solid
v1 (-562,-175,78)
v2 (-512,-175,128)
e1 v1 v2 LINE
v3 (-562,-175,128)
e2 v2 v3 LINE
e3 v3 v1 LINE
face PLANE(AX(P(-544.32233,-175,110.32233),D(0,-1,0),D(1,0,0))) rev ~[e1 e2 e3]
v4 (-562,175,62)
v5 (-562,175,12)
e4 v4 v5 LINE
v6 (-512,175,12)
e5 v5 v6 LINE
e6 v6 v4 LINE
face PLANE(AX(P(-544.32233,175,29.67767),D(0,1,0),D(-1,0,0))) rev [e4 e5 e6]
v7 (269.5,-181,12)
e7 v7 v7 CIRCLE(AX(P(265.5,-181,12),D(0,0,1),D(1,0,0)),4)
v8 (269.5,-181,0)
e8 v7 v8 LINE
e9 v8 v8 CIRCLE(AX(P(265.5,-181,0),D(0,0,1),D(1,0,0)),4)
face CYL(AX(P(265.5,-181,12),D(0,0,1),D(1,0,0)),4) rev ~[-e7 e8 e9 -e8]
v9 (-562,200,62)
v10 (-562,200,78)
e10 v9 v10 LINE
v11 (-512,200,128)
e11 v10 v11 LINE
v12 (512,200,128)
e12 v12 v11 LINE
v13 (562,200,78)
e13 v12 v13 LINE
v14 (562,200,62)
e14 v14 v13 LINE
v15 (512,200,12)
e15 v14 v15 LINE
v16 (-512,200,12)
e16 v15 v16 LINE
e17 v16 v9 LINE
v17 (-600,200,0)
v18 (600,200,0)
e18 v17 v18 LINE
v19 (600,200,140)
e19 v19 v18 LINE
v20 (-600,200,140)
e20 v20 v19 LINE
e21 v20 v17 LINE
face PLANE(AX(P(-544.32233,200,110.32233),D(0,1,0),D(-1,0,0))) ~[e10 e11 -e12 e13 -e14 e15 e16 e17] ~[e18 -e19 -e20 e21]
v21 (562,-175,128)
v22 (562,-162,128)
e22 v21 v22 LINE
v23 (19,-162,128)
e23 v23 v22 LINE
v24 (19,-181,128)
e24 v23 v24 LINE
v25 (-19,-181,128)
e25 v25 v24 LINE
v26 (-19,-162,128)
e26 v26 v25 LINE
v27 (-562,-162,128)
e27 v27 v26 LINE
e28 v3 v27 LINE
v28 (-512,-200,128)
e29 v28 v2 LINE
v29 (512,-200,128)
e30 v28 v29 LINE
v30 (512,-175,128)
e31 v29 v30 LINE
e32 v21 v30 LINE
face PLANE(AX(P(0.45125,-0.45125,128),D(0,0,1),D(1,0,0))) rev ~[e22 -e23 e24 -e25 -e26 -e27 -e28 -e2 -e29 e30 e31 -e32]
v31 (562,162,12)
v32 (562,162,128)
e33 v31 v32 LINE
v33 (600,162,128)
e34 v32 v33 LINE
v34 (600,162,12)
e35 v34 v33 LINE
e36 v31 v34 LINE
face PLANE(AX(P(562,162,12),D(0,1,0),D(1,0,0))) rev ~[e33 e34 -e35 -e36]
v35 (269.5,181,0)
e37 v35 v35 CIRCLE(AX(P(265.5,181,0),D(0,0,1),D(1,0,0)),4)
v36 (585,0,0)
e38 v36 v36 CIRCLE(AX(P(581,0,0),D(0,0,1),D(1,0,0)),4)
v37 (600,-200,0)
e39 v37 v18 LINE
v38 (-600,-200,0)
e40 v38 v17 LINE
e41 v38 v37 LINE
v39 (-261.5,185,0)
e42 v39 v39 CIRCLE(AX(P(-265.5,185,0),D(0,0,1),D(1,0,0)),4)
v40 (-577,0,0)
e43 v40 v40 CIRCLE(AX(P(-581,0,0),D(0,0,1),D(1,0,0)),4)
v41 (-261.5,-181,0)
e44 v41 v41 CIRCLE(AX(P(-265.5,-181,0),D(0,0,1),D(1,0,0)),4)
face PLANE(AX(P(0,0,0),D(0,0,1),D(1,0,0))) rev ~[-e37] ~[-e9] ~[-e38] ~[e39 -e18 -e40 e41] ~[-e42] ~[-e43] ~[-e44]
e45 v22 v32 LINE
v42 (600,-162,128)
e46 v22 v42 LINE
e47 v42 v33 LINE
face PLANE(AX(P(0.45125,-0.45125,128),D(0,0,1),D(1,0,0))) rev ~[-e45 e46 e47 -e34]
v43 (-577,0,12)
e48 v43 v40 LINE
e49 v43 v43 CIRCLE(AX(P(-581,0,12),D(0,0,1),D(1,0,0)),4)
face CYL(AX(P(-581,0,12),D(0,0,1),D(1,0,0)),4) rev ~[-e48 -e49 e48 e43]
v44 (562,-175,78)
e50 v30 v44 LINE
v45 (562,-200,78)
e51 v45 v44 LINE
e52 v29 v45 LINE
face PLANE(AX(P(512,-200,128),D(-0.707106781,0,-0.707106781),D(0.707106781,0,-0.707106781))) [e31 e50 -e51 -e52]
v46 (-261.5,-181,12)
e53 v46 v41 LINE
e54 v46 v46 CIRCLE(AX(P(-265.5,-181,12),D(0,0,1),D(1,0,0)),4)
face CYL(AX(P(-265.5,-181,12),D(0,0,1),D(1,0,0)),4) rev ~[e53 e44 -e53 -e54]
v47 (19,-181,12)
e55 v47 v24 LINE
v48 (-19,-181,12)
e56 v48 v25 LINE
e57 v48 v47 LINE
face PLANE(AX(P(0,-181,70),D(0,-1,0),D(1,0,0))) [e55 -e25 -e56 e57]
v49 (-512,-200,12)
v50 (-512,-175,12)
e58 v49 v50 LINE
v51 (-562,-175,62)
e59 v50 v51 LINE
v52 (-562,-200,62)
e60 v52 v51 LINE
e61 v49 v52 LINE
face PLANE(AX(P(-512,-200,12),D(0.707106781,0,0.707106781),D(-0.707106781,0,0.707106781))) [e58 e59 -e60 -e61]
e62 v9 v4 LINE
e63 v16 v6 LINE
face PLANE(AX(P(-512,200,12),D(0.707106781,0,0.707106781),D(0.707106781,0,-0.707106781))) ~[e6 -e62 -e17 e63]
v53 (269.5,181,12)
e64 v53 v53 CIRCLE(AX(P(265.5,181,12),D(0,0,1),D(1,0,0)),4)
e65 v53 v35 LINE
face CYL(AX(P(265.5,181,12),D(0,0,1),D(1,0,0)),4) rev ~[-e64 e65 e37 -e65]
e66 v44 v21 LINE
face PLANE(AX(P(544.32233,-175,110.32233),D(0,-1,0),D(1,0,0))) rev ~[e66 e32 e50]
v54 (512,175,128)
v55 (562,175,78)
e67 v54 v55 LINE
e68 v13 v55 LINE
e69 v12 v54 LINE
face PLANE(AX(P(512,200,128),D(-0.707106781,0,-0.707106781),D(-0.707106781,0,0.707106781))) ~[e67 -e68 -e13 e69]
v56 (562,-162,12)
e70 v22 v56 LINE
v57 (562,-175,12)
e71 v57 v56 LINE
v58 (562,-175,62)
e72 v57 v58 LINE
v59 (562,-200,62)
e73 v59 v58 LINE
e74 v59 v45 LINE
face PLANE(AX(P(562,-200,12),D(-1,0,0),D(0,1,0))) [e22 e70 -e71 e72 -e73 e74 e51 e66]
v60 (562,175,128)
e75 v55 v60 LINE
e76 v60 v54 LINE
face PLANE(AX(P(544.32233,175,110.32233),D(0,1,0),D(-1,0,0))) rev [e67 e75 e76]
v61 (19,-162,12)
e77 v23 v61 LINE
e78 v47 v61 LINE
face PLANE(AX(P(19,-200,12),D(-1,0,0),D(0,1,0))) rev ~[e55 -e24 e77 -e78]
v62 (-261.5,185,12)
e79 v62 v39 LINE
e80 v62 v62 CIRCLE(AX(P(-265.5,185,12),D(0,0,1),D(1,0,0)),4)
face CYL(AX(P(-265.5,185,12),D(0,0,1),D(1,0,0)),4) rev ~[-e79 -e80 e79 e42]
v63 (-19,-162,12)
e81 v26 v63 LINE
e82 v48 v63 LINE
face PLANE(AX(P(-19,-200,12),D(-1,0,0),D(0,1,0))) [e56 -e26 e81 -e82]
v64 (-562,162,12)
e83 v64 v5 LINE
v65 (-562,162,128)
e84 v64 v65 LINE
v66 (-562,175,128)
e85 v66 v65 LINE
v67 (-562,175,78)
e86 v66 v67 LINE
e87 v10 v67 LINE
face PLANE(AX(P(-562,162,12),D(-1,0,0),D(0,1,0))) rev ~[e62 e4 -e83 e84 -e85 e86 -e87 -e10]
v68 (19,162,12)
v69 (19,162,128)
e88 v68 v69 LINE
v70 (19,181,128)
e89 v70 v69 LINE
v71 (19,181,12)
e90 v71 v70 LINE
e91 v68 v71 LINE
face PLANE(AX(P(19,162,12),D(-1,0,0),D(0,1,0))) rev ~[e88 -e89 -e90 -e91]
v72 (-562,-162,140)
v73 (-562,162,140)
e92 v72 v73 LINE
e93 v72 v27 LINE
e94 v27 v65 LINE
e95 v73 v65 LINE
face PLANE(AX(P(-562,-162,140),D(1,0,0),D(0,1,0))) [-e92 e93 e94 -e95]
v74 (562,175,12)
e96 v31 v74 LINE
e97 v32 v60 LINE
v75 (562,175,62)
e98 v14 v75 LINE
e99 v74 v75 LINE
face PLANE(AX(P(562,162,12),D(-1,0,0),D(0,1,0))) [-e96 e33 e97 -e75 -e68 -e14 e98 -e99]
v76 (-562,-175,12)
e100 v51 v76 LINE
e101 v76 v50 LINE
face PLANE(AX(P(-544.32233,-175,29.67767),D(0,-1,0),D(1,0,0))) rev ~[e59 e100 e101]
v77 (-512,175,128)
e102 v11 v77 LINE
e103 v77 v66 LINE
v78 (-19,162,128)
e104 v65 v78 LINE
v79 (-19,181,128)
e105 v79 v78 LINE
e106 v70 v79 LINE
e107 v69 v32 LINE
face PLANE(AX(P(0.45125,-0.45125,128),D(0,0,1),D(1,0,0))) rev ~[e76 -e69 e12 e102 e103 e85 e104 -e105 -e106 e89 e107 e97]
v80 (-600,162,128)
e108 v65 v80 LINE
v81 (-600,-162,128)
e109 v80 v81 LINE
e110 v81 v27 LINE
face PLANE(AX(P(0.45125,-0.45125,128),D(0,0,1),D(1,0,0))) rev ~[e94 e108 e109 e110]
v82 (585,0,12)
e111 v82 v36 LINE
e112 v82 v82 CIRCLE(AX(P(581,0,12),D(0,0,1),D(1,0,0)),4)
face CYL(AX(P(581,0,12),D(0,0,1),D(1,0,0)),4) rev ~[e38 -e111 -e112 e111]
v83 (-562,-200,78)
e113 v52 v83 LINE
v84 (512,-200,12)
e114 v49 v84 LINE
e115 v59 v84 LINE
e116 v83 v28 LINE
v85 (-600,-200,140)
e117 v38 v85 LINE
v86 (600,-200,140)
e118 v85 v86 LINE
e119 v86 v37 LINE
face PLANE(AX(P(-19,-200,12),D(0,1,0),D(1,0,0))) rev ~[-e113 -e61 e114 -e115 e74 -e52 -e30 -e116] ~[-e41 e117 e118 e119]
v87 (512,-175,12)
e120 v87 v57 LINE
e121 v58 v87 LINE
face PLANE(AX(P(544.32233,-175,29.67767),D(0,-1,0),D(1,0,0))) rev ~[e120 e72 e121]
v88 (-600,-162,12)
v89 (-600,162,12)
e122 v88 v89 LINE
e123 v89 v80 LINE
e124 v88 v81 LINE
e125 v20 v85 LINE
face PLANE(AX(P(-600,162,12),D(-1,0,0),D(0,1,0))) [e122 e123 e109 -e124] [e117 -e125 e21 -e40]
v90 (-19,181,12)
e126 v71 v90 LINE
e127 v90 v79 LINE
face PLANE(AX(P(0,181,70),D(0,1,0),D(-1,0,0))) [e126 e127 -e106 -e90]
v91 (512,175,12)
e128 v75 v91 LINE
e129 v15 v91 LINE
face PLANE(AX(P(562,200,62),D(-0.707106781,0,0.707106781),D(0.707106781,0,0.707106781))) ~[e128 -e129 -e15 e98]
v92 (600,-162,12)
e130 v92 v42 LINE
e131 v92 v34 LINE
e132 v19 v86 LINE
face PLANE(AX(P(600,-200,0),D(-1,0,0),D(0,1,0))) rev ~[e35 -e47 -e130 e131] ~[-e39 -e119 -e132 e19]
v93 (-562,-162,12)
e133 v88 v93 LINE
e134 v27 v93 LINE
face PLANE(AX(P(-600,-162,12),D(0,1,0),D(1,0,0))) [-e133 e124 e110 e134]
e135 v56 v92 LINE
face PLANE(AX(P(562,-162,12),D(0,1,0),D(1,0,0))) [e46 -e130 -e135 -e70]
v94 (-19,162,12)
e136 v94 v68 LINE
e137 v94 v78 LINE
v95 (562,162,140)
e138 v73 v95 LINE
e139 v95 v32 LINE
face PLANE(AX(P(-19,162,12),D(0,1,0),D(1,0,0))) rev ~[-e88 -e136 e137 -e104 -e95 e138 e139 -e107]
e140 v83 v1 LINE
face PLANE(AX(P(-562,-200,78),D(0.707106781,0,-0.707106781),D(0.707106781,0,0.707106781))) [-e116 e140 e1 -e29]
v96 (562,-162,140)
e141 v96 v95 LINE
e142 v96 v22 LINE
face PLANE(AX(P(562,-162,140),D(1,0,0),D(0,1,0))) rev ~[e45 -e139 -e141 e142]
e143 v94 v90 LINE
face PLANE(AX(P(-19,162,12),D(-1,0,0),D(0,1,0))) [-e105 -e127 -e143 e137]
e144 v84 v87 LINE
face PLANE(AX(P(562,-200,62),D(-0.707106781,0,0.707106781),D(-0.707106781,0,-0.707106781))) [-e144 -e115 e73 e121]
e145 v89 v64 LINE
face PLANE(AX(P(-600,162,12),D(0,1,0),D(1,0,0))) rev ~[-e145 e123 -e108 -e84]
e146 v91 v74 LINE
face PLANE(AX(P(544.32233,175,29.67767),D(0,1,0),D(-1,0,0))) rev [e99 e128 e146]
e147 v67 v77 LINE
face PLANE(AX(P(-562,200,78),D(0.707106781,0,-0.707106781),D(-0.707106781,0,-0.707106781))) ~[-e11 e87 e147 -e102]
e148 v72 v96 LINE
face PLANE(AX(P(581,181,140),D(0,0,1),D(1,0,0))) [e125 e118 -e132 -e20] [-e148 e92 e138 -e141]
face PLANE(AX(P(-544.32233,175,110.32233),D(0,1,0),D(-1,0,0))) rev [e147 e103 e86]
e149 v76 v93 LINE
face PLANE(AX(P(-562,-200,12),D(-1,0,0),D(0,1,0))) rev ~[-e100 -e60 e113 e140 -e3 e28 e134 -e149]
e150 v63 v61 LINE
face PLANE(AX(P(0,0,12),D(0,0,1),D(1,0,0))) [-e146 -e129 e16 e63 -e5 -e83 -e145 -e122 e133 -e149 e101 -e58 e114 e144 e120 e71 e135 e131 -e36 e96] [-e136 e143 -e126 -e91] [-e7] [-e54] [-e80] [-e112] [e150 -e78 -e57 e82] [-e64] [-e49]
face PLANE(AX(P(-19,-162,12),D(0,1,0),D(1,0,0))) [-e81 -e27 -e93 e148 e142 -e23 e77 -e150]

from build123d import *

# Parameters (mm, degrees)
F0_W      = 1200
F0_H      = 400
F1_DEPTH  = 12
F2_W      = 38
F2_H      = 38
F3_DEPTH  = 128
F5_DEPTH  = 12
F7_DEPTH  = 25
F9_W      = 38
F9_H      = 38
F10_DEPTH = 120
F11_R     = 4
F12_DEPTH = 25
F13_W     = 1124
F13_H     = 324
F14_DEPTH = 25
F15_W     = 38
F15_H     = 116
F16_DEPTH = 19
F17_W     = 38
F17_H     = 116
F18_DEPTH = 19


with BuildPart() as f1:
    # F0 (on Top) → F1 (new body)
    with BuildSketch(Plane.XY):
        Rectangle(F0_W, F0_H)
    extrude(amount=F1_DEPTH)

    # F2 (on face) → F3 (join)
    with BuildSketch(Plane.XY.offset(12)):
        with Locations((-581, 181)):
            Rectangle(F2_W, F2_H)
        with Locations((581, 181)):
            Rectangle(F2_W, F2_H)
        with Locations((581, -181)):
            Rectangle(F2_W, F2_H)
        with Locations((-581, -181)):
            Rectangle(F2_W, F2_H)
    extrude(amount=F3_DEPTH)

    # F4 (on face) → F5 (join)
    with BuildSketch(Plane.XY.offset(140)):
        Polygon((600, 200), (-562, 200), (-562, 162), (-600, 162), (-600, -200), (600, -200), align=None)
    extrude(amount=-F5_DEPTH)

    # F6 (on face) → F7 (join)
    with BuildSketch(Plane.XZ.offset(200)):
        Polygon((-562, 128), (-562, 78), (-512, 128), align=None)
        Polygon((-512, 12), (-562, 62), (-562, 12), align=None)
        Polygon((562, 62), (512, 12), (562, 12), align=None)
        Polygon((562, 128), (512, 128), (562, 78), align=None)
    extrude(amount=-F7_DEPTH)

    # F8: F1 across plane


with BuildPart() as f1_1:
    add(f1.part)
    add(f1.part.mirror(Plane.XZ))

    # F9 (on face) → F10 (join)
    with BuildSketch(Plane.XY.offset(12)):
        with Locations((0, -181)):
            Rectangle(F9_W, F9_H)
        with Locations((0, 181)):
            Rectangle(F9_W, F9_H)
    extrude(amount=F10_DEPTH)

    # F11 (on face) → F12 (cut)
    with BuildSketch(Plane.XY.offset(12)):
        with Locations((-265.5, -181)):
            Circle(F11_R)
        with Locations((-581, 0)):
            Circle(F11_R)
        with Locations((-265.5, 185)):
            Circle(F11_R)
        with Locations((265.5, 181)):
            Circle(F11_R)
        with Locations((265.5, -181)):
            Circle(F11_R)
        with Locations((581, 0)):
            Circle(F11_R)
    extrude(amount=-F12_DEPTH, mode=Mode.SUBTRACT)

    # F13 (on face) → F14 (cut)
    with BuildSketch(Plane.XY.offset(140)):
        Rectangle(F13_W, F13_H)
    extrude(amount=-F14_DEPTH, mode=Mode.SUBTRACT)

    # F15 (on face) → F16 (cut)
    with BuildSketch(Plane.XZ.offset(200)):
        with Locations((0, 70)):
            Rectangle(F15_W, F15_H)
    extrude(amount=-F16_DEPTH, mode=Mode.SUBTRACT)

    # F17 (on face) → F18 (cut)
    with BuildSketch(Plane(origin=(0, 200, 0), x_dir=(-1, 0, 0), z_dir=(0, 1, 0))):
        with Locations((0, 70)):
            Rectangle(F17_W, F17_H)
    extrude(amount=-F18_DEPTH, mode=Mode.SUBTRACT)


solid = f1_1.part
